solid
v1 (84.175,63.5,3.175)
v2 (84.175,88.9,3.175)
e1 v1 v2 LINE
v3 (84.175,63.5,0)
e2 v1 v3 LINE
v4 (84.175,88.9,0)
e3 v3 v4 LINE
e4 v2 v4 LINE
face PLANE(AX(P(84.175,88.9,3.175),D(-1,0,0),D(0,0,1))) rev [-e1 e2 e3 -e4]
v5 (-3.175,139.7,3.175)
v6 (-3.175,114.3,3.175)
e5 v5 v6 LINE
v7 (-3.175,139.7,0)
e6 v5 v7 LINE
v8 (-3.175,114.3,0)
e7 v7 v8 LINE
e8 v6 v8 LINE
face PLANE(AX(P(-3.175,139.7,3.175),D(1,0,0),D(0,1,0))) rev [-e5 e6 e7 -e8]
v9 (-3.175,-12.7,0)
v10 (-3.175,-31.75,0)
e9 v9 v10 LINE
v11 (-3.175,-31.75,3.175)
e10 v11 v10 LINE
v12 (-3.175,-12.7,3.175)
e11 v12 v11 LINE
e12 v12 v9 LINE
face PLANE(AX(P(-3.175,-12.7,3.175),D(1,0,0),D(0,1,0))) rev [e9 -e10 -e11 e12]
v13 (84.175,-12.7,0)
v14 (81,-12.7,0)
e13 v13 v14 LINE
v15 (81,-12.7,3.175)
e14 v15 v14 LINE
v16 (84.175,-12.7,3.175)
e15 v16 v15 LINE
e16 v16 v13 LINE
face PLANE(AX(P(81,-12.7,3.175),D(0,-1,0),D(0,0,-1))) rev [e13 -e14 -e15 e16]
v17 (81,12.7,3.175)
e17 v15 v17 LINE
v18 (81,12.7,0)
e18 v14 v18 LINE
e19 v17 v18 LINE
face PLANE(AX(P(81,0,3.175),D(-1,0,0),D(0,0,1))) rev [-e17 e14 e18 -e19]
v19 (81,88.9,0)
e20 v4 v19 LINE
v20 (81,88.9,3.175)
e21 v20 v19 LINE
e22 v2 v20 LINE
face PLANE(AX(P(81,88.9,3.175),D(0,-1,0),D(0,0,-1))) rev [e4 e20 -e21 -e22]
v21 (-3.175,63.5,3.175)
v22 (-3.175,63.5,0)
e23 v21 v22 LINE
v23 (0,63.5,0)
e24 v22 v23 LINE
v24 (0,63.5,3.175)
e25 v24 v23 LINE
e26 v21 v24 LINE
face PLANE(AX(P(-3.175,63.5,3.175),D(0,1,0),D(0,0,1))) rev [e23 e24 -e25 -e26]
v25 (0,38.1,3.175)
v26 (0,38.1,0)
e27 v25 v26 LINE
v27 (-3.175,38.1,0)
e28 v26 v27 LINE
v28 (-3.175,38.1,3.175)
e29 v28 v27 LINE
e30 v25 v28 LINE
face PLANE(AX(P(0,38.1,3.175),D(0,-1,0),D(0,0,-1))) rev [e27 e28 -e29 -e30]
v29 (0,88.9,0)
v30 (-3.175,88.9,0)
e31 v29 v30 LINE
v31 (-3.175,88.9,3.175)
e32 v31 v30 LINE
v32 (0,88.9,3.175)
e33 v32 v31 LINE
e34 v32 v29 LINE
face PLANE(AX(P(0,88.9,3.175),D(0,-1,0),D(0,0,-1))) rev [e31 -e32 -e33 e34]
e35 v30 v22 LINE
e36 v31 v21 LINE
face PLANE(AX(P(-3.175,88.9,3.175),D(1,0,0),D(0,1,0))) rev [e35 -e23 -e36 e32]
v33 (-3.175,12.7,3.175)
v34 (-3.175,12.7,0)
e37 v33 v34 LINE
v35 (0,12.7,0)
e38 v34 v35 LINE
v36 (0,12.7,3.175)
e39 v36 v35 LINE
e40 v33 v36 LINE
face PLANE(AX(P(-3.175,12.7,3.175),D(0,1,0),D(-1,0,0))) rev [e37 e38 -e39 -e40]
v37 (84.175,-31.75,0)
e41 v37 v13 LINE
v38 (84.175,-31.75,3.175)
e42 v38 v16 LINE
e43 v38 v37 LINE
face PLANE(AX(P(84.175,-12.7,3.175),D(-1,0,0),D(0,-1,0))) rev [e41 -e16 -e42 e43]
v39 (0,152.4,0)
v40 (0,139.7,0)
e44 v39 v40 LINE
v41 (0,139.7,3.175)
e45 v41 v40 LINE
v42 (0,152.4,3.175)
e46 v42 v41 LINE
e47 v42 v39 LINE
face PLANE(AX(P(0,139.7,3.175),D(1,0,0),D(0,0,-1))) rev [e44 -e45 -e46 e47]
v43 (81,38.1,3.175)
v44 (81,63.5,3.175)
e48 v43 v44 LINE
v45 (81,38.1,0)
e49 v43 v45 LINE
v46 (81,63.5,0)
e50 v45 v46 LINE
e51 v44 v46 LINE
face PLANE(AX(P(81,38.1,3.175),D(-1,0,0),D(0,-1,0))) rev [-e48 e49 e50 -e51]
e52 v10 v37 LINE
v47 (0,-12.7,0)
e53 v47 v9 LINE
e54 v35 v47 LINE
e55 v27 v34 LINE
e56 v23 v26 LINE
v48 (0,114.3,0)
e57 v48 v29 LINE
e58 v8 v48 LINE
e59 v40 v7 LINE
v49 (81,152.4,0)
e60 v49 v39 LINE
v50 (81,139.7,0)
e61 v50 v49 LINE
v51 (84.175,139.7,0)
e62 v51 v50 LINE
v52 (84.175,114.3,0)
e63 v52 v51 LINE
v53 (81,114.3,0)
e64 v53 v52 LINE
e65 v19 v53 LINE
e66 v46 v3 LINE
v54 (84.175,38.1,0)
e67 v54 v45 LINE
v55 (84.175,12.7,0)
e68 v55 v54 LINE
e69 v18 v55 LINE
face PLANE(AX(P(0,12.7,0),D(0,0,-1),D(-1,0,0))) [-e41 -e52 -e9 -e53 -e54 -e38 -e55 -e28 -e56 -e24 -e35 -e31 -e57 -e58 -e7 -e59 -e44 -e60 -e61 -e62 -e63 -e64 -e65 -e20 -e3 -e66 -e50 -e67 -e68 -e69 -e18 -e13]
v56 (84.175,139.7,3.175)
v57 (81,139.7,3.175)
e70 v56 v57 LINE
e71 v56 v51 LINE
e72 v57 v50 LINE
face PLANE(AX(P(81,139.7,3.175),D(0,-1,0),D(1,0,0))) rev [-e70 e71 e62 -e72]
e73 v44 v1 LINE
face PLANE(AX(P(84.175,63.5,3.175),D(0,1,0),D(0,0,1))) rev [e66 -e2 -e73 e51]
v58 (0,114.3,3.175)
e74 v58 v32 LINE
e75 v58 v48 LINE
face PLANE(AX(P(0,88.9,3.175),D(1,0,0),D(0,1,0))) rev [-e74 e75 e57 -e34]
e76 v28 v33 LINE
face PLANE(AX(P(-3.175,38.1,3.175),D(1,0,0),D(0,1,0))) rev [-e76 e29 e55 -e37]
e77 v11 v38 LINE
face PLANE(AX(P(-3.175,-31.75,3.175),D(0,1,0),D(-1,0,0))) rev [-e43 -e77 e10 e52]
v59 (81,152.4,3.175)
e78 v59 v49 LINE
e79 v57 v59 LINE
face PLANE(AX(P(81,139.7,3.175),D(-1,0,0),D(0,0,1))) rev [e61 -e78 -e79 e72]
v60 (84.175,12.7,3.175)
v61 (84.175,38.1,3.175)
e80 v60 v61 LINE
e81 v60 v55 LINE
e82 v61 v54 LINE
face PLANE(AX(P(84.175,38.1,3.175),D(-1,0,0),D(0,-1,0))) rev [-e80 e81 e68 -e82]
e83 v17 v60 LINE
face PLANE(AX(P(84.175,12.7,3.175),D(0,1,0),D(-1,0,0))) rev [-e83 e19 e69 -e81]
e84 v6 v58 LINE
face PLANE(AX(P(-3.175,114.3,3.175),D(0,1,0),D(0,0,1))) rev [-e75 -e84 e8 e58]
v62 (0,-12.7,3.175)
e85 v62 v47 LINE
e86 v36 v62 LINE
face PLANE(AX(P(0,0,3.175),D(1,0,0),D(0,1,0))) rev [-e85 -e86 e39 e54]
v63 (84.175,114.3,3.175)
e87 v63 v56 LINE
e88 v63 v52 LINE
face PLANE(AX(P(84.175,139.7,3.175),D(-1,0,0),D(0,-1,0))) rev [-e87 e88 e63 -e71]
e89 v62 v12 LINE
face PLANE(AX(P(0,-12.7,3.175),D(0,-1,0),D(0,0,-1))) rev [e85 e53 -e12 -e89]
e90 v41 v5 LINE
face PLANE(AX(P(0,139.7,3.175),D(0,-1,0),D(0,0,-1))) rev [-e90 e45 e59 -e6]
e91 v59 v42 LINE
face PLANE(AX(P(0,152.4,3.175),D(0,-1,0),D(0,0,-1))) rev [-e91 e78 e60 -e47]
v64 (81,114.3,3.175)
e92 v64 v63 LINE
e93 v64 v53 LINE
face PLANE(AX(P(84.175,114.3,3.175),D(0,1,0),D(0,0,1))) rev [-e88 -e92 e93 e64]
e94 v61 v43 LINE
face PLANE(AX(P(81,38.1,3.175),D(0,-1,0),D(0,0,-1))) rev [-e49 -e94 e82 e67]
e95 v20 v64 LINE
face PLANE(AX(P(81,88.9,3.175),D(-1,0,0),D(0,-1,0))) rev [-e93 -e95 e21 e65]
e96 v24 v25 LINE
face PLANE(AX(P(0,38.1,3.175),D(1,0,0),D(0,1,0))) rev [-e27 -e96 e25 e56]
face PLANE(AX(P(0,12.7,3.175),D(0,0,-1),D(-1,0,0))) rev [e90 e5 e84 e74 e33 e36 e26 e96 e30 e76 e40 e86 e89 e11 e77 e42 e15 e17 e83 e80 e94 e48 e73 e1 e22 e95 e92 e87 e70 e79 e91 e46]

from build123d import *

# Parameters (mm, degrees)
BOSS_EXTRUDE1_DEPTH = 3.175


with BuildPart() as part:
    # Sketch1 → Boss-Extrude1 (new body)
    with BuildSketch(Plane.XY):
        Polygon((0, 139.7), (-3.175, 139.7), (-3.175, 114.3), (0, 114.3), (0, 88.9), (-3.175, 88.9), (-3.175, 63.5), (0, 63.5), (0, 38.1), (-3.175, 38.1), (-3.175, 12.7), (0, 12.7), (0, 0), (0, -12.7), (-3.175, -12.7), (-3.175, -31.75), (84.175, -31.75), (84.175, -12.7), (81, -12.7), (81, 0), (81, 12.7), (84.175, 12.7), (84.175, 38.1), (81, 38.1), (81, 63.5), (84.175, 63.5), (84.175, 88.9), (81, 88.9), (81, 114.3), (84.175, 114.3), (84.175, 139.7), (81, 139.7), (81, 152.4), (0, 152.4), align=None)
    extrude(amount=BOSS_EXTRUDE1_DEPTH)


solid = part.part
